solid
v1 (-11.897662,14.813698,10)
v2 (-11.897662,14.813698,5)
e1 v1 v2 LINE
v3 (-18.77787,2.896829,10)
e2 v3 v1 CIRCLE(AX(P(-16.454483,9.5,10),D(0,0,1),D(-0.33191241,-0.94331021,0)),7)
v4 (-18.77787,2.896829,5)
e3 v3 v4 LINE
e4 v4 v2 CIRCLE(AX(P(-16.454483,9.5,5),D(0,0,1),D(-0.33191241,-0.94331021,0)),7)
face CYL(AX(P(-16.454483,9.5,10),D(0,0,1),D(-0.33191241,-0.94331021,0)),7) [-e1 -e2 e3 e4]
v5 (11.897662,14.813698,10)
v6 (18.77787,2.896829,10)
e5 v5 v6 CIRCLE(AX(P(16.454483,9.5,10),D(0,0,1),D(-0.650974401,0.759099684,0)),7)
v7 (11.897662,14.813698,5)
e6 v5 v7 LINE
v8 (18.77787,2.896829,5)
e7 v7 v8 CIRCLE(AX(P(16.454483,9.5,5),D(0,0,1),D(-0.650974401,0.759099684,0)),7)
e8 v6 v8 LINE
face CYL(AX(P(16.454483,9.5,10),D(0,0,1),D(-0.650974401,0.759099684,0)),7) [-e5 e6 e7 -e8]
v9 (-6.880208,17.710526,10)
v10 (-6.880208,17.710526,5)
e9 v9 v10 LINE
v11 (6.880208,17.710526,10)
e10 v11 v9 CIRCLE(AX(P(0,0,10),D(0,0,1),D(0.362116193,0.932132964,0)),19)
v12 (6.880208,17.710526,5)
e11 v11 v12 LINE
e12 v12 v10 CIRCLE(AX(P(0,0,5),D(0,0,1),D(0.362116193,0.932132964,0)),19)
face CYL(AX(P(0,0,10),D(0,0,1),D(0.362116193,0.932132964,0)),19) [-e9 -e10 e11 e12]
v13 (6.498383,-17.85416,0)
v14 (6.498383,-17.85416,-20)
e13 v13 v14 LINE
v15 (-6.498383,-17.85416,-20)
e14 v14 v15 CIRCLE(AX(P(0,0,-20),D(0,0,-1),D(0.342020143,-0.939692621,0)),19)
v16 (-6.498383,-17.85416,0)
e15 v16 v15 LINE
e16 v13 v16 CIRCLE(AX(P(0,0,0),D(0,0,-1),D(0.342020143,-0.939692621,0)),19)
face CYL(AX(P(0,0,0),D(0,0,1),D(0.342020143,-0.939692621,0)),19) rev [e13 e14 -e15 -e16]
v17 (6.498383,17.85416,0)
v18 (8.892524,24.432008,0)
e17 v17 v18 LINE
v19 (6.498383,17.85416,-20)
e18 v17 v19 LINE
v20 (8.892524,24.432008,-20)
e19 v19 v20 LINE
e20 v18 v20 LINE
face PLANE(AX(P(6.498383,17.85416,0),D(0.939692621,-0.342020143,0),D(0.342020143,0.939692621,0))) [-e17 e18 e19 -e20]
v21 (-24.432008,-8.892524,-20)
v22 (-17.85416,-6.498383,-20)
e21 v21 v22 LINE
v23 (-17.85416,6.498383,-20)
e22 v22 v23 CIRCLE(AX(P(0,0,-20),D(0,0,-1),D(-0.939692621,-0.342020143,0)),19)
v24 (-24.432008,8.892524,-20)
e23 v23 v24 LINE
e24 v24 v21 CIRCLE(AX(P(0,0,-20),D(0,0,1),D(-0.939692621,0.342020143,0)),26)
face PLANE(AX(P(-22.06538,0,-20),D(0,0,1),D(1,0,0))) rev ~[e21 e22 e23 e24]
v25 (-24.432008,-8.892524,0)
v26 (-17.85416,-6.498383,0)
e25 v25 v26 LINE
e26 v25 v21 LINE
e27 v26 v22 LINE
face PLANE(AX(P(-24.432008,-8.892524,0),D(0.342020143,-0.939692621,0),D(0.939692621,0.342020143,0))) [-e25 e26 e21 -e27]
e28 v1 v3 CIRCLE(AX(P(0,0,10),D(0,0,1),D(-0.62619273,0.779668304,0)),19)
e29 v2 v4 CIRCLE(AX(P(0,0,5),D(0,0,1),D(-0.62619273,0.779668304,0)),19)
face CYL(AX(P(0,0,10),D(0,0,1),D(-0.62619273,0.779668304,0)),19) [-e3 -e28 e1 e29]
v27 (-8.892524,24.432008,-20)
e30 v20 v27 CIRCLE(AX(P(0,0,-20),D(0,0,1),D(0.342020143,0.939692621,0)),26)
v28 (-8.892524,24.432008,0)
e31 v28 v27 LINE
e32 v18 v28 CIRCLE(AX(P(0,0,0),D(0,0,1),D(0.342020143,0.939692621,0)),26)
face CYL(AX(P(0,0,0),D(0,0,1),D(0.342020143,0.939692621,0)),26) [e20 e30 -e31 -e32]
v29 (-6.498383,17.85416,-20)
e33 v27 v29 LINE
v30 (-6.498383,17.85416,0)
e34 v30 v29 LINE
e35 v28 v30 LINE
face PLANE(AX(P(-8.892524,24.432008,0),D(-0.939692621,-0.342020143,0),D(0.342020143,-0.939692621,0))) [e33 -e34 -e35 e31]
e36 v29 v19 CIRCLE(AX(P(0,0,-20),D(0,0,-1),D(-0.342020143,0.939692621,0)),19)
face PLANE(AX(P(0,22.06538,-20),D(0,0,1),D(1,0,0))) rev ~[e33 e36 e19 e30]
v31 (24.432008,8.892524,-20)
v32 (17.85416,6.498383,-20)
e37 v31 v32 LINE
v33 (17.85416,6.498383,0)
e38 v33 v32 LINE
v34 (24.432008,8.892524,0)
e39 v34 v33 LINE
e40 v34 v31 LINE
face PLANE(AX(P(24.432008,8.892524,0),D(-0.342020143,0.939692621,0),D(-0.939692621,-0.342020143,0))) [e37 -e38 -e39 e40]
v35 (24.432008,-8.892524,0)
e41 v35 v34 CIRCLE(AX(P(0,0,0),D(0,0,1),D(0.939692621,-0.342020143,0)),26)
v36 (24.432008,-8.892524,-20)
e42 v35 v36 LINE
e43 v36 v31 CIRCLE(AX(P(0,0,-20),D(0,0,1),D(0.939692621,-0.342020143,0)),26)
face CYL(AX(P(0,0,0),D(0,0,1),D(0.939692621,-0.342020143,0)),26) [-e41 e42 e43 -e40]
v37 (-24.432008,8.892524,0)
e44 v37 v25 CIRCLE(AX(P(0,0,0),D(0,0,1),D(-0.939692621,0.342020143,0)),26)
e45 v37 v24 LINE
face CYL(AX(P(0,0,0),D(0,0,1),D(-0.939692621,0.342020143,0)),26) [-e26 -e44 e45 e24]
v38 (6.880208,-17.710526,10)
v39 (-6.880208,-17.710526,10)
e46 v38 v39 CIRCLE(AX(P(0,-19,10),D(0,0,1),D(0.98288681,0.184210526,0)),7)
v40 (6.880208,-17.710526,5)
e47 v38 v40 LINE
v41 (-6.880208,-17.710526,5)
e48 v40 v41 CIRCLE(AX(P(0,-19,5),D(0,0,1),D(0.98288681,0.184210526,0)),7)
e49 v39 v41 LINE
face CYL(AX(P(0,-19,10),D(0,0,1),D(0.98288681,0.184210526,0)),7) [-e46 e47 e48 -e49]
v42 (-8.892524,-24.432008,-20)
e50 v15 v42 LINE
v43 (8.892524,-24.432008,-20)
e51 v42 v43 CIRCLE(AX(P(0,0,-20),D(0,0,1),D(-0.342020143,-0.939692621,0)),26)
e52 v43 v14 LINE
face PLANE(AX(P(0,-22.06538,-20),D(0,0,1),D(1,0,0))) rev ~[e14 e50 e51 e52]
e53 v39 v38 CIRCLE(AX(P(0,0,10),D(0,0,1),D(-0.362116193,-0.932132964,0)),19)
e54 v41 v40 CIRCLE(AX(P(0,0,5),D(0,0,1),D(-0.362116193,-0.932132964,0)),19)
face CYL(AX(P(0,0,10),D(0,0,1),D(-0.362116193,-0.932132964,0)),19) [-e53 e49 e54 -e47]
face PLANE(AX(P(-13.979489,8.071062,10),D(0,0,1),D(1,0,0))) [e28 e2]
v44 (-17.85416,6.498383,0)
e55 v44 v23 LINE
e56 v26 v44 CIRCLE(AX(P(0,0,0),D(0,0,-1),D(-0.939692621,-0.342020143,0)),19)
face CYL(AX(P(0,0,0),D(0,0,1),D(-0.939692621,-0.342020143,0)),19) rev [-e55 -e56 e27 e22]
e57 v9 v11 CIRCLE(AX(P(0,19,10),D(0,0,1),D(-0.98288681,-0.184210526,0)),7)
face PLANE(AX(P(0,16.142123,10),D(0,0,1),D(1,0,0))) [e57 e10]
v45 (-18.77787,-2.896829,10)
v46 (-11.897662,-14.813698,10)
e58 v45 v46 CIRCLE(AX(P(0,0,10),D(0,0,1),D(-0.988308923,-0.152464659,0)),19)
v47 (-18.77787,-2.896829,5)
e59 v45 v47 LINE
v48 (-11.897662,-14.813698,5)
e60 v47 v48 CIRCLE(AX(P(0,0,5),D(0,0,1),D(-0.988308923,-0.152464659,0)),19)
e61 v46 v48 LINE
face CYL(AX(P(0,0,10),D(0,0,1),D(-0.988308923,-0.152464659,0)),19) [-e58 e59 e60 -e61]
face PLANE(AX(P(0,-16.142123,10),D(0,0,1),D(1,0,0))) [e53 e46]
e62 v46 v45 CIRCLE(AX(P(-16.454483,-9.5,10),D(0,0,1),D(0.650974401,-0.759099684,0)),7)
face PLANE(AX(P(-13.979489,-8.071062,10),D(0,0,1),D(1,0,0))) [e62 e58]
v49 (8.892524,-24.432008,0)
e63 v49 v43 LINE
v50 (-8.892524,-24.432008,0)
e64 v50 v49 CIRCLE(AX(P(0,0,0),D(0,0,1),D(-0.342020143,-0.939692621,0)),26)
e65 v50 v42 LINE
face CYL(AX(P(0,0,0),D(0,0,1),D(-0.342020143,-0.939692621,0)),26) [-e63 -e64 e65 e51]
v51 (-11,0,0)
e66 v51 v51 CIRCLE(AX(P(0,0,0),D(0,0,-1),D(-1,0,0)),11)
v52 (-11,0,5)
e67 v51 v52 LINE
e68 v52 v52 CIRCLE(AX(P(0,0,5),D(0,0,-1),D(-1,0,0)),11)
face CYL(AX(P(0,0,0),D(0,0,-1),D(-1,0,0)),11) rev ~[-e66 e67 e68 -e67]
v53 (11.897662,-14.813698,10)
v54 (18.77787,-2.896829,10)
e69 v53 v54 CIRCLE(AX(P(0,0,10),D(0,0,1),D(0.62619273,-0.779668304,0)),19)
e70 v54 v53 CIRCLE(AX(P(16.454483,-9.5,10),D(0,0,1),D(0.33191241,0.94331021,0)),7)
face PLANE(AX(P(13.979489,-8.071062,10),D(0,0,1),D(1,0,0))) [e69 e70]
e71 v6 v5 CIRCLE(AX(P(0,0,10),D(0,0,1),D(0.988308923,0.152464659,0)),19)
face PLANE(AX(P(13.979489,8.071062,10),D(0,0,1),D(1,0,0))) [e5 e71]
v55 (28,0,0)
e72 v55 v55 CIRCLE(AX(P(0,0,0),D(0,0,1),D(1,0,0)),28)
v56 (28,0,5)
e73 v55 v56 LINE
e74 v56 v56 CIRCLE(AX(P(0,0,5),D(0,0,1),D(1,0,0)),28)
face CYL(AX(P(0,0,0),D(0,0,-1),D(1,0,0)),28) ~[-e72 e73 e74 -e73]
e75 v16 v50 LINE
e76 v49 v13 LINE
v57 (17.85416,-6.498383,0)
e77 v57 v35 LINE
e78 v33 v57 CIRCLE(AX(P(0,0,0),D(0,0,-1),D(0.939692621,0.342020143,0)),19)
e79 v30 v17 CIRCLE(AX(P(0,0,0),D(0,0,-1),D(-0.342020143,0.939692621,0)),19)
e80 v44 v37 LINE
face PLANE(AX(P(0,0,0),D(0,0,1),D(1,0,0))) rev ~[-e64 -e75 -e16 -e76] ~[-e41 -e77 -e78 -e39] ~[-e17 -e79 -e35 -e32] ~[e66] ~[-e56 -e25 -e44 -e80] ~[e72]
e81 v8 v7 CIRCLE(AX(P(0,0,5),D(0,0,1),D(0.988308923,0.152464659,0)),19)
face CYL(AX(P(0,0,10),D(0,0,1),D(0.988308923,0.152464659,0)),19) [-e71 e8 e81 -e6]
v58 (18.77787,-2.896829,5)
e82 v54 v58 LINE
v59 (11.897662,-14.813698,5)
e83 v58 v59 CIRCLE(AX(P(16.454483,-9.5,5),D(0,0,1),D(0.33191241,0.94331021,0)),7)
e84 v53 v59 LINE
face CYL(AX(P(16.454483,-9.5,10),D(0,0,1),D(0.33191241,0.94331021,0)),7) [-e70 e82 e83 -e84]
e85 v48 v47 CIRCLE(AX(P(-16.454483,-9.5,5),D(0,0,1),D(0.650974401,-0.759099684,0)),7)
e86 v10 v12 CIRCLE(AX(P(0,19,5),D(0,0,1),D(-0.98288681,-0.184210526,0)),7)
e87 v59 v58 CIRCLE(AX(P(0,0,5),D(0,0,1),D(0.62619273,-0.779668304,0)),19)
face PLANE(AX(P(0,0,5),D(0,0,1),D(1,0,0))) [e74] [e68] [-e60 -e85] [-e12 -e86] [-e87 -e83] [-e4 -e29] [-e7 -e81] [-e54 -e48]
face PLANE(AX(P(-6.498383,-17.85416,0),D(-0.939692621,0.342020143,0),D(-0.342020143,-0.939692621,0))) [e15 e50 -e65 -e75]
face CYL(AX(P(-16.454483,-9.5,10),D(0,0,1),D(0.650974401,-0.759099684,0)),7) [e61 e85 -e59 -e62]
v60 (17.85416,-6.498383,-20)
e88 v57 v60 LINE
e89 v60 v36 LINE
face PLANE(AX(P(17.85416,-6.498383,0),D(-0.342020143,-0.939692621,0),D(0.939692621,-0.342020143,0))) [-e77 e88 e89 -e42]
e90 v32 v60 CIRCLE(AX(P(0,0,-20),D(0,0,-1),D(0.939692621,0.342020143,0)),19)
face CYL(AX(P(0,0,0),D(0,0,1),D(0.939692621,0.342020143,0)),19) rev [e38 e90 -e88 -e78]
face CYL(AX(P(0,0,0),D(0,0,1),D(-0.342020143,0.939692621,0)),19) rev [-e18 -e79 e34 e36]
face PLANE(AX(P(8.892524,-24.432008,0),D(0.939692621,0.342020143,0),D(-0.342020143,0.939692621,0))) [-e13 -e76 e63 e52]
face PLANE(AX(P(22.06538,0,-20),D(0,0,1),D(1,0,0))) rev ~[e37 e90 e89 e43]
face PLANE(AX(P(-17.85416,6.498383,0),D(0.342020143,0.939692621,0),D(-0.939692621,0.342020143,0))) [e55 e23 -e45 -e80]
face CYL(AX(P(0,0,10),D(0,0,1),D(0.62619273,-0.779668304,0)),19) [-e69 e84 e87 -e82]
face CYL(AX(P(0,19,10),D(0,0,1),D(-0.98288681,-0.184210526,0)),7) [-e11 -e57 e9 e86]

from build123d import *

# Parameters (mm, degrees)
SKETCH_1_R          = 28
EXTRUDE_1_DEPTH     = 5
EXTRUDE_2_DEPTH     = 20
SKETCH_3_R          = 11
CUT_EXTRUDE_1_DEPTH = 5
EXTRUDE_START       = 5
EXTRUDE_4_DEPTH     = 5


with BuildPart() as part:
    # 草图1 → 凸台-拉伸1 (new body)
    with BuildSketch(Plane.XY):
        Circle(SKETCH_1_R)
    extrude(amount=EXTRUDE_1_DEPTH)

    # 草图2 → 凸台-拉伸2 (add)
    with BuildSketch(Plane(origin=(0, 0, 0), x_dir=(-1, 0, 0), z_dir=(0, 0, -1))):
        with BuildLine():
            Line((-6.498382723, 17.854159795), (-8.892523726, 24.43200814))
            ThreePointArc((-8.892523726, 24.43200814), (0, 26), (8.892523726, 24.43200814))
            Line((8.892523726, 24.43200814), (6.498382723, 17.854159795))
            ThreePointArc((6.498382723, 17.854159795), (0, 19), (-6.498382723, 17.854159795))
        make_face()
        with BuildLine():
            Line((17.854159795, 6.498382723), (24.43200814, 8.892523726))
            ThreePointArc((24.43200814, 8.892523726), (26, 0), (24.43200814, -8.892523726))
            Line((24.43200814, -8.892523726), (17.854159795, -6.498382723))
            ThreePointArc((17.854159795, -6.498382723), (19, 0), (17.854159795, 6.498382723))
        make_face()
        with BuildLine():
            Line((6.498382723, -17.854159795), (8.892523726, -24.43200814))
            ThreePointArc((8.892523726, -24.43200814), (0, -26), (-8.892523726, -24.43200814))
            Line((-8.892523726, -24.43200814), (-6.498382723, -17.854159795))
            ThreePointArc((-6.498382723, -17.854159795), (0, -19), (6.498382723, -17.854159795))
        make_face()
        with BuildLine():
            Line((-17.854159795, -6.498382723), (-24.43200814, -8.892523726))
            ThreePointArc((-24.43200814, -8.892523726), (-26, 0), (-24.43200814, 8.892523726))
            Line((-24.43200814, 8.892523726), (-17.854159795, 6.498382723))
            ThreePointArc((-17.854159795, 6.498382723), (-19, 0), (-17.854159795, -6.498382723))
        make_face()
    extrude(amount=EXTRUDE_2_DEPTH)

    # 草图3 → 切除-拉伸1 (cut)
    with BuildSketch(Plane(origin=(0, 0, 0), x_dir=(-1, 0, 0), z_dir=(0, 0, -1))):
        Circle(SKETCH_3_R)
    extrude(amount=-CUT_EXTRUDE_1_DEPTH, mode=Mode.SUBTRACT)

    # 草图4 → 凸台-拉伸4 (add)
    with BuildSketch(Plane.XY.offset(5).offset(EXTRUDE_START)):
        with BuildLine():
            ThreePointArc((-6.880207673, 17.710526316), (0, 12), (6.880207673, 17.710526316))
            ThreePointArc((6.880207673, 17.710526316), (0, 19), (-6.880207673, 17.710526316))
        make_face()
        with BuildLine():
            ThreePointArc((11.897661868, 14.813697786), (10.392304845, 6), (18.77786954, 2.89682853))
            ThreePointArc((18.77786954, 2.89682853), (16.454482672, 9.5), (11.897661868, 14.813697786))
        make_face()
        with BuildLine():
            ThreePointArc((18.77786954, -2.89682853), (10.392304845, -6), (11.897661868, -14.813697786))
            ThreePointArc((11.897661868, -14.813697786), (16.454482672, -9.5), (18.77786954, -2.89682853))
        make_face()
        with BuildLine():
            ThreePointArc((6.880207673, -17.710526316), (0, -12), (-6.880207673, -17.710526316))
            ThreePointArc((-6.880207673, -17.710526316), (0, -19), (6.880207673, -17.710526316))
        make_face()
        with BuildLine():
            ThreePointArc((-11.897661868, -14.813697786), (-10.392304845, -6), (-18.77786954, -2.89682853))
            ThreePointArc((-18.77786954, -2.89682853), (-16.454482672, -9.5), (-11.897661868, -14.813697786))
        make_face()
        with BuildLine():
            ThreePointArc((-18.77786954, 2.89682853), (-10.392304845, 6), (-11.897661868, 14.813697786))
            ThreePointArc((-11.897661868, 14.813697786), (-16.454482672, 9.5), (-18.77786954, 2.89682853))
        make_face()
    extrude(amount=-EXTRUDE_4_DEPTH)


solid = part.part
